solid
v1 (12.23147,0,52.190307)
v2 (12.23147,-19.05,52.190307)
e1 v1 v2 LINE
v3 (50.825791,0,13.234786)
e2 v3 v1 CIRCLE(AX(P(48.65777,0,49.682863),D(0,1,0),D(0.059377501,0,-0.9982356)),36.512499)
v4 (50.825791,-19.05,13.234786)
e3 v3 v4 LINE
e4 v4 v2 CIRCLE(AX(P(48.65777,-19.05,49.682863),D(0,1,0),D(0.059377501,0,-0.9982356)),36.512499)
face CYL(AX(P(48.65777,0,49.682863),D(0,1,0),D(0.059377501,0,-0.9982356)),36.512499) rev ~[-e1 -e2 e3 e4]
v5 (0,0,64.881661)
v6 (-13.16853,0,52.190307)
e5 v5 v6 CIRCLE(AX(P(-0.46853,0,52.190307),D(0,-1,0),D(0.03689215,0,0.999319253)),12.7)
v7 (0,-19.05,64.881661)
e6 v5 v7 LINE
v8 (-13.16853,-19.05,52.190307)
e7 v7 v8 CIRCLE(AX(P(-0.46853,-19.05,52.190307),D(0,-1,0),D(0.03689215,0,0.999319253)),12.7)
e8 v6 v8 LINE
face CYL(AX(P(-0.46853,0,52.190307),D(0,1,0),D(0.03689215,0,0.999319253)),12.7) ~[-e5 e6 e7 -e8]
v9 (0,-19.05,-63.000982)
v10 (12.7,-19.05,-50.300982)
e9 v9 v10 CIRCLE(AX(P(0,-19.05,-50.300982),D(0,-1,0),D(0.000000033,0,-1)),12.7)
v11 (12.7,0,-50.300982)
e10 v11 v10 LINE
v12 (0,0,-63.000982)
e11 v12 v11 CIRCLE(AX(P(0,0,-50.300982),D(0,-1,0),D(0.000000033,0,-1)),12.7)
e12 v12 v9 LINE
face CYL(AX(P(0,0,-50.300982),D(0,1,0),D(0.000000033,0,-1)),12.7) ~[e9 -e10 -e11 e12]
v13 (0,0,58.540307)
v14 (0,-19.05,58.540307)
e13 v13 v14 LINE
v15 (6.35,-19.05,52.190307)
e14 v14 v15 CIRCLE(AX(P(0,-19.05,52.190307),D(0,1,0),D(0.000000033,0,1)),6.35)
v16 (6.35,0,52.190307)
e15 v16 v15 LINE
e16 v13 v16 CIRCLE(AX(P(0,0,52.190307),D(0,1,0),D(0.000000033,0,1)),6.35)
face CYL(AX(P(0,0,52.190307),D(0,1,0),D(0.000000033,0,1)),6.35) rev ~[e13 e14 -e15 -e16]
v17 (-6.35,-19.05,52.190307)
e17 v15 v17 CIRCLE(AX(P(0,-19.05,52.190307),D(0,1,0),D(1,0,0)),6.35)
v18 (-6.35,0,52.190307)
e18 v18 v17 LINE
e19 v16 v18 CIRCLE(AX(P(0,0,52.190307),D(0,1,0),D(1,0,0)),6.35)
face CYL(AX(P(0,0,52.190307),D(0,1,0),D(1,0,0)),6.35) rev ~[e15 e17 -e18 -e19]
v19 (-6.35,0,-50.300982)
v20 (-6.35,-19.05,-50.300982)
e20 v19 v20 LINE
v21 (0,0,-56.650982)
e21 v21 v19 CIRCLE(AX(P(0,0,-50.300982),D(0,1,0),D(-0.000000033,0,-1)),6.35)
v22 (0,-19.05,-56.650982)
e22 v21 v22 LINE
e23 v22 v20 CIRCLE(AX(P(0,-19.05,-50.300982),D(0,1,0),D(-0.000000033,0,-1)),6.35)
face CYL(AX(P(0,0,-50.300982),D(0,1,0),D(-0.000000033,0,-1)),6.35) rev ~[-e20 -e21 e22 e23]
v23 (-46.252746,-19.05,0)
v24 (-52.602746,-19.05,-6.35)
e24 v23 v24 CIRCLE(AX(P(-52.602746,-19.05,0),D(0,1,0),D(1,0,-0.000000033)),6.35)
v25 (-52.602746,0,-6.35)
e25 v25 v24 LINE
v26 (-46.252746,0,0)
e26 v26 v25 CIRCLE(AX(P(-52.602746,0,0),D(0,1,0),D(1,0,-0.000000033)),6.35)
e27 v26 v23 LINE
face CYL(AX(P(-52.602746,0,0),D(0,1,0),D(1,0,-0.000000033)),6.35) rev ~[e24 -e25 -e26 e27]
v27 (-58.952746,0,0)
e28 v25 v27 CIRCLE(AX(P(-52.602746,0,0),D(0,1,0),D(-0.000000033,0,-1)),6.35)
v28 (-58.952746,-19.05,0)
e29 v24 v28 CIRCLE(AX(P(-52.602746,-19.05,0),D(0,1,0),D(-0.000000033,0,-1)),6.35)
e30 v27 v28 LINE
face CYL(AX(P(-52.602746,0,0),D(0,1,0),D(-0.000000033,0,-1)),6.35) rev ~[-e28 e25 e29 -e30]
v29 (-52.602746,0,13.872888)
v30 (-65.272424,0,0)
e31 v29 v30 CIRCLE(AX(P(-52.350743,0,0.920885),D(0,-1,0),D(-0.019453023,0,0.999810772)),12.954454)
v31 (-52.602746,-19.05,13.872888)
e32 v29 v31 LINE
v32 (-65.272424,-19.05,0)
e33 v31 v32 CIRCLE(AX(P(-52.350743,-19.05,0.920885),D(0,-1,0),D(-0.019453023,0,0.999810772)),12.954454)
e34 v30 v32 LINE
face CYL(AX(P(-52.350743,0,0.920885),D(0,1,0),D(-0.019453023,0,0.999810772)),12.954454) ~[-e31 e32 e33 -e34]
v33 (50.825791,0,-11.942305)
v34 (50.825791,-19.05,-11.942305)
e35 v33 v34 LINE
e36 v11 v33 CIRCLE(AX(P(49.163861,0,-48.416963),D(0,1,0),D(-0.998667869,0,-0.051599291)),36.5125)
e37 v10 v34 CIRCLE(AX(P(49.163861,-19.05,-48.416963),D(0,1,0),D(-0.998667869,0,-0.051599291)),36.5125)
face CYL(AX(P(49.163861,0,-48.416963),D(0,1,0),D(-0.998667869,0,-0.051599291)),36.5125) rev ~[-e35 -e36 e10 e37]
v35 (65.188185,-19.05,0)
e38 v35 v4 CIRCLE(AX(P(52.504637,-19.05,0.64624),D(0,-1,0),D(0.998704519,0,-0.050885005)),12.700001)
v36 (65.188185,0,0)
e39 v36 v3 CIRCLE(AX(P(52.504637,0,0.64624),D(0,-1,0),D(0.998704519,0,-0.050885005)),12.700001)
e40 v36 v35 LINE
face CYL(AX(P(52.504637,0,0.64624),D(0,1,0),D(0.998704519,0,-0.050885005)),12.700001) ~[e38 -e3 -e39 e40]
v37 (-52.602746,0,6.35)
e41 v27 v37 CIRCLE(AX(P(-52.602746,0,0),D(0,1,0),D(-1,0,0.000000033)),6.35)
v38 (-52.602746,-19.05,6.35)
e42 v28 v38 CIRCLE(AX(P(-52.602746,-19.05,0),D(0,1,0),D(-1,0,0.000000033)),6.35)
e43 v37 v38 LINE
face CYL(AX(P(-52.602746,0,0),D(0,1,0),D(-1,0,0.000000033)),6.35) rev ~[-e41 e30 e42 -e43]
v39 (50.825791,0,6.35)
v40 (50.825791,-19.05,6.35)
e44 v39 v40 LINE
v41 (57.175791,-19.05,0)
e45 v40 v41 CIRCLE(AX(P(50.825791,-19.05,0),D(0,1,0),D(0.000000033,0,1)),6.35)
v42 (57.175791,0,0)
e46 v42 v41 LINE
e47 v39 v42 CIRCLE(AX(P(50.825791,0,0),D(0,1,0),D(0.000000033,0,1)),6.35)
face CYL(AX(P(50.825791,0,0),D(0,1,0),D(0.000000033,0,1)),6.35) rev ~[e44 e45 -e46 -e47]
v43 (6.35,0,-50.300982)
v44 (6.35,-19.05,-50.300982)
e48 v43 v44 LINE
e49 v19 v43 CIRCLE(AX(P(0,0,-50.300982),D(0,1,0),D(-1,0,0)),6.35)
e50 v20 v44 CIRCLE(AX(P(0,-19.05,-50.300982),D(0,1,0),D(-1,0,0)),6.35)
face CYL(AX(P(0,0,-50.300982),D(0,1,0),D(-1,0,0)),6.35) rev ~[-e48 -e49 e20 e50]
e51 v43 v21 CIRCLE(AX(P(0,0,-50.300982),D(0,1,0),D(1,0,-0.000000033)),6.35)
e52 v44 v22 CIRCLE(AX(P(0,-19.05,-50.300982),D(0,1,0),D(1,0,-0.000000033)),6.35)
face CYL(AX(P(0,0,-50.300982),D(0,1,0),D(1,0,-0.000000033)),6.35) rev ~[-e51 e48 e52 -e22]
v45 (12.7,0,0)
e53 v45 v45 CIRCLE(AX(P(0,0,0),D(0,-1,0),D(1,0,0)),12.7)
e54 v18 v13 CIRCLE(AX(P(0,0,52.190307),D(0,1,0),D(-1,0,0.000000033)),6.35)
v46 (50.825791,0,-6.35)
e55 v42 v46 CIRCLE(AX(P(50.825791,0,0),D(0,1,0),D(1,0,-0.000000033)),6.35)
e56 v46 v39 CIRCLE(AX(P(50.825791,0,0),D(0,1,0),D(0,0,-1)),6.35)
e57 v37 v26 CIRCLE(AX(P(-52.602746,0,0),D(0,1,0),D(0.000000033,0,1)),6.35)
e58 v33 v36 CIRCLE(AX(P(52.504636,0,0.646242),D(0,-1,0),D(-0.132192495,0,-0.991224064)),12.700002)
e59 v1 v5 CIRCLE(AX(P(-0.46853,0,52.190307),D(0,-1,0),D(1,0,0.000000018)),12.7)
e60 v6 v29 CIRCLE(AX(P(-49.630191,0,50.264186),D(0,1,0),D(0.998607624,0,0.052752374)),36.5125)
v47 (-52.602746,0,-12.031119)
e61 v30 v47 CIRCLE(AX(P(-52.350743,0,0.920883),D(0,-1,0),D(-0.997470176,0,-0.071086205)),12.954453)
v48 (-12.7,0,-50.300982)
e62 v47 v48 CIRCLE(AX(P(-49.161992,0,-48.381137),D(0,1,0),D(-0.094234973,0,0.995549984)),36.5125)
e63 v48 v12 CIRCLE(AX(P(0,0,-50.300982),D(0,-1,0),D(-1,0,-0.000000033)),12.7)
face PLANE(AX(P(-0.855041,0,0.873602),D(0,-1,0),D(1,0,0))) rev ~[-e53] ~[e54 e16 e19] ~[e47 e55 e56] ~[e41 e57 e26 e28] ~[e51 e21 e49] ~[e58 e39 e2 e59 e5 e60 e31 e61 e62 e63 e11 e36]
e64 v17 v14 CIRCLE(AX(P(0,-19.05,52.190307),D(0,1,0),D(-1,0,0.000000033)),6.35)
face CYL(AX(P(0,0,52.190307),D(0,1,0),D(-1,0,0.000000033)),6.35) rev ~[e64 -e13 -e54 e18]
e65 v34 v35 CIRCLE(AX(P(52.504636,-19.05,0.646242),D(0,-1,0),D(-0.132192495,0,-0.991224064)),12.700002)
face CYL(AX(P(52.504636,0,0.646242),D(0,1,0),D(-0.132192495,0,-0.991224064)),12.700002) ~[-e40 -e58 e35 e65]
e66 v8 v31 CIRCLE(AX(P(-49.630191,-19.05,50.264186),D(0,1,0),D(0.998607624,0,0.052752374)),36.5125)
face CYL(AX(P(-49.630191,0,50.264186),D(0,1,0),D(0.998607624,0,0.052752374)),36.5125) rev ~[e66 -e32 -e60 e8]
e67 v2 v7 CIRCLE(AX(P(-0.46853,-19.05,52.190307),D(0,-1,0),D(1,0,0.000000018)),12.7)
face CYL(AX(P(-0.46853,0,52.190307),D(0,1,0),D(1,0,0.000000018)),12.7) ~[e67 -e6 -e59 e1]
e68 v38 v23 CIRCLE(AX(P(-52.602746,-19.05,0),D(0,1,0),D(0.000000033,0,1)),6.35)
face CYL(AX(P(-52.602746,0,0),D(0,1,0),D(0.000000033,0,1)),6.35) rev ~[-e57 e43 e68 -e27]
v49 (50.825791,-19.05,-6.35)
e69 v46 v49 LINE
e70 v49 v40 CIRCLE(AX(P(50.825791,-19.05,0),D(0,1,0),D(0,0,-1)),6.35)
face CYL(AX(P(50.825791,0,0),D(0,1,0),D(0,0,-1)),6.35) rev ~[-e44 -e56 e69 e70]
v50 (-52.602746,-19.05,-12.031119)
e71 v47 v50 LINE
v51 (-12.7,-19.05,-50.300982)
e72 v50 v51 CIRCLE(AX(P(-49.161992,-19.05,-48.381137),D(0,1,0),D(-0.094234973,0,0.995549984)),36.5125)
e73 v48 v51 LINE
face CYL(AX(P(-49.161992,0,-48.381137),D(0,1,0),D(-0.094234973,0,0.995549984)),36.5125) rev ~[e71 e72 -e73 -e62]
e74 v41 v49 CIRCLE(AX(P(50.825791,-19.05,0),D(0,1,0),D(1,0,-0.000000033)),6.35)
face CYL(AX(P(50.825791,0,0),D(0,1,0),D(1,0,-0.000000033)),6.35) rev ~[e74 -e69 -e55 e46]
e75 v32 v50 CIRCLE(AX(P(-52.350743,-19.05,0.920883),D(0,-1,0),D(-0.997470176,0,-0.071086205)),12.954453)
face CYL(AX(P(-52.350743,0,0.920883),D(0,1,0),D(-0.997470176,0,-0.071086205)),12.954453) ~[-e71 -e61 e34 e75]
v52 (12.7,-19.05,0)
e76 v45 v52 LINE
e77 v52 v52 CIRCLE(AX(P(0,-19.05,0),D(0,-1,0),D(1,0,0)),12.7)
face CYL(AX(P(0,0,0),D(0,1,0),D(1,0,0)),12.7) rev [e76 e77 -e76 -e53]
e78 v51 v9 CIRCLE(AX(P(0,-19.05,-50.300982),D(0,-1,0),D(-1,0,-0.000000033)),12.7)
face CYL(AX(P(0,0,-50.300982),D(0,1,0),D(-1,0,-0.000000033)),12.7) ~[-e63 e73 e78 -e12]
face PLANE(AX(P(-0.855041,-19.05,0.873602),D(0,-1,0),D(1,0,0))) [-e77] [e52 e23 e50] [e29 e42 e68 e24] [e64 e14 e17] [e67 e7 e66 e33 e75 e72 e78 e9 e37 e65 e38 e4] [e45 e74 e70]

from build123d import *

# Parameters (mm, degrees)
F0_R     = 12.7
F1_DEPTH = 19.05


with BuildPart() as f1:
    # F0 (on Front) → F1 (new body)
    with BuildSketch(Plane.XZ):
        with BuildLine():
            Line((12.23147, 52.190307), (6.35, 52.190307))
            ThreePointArc((6.35, 52.190307), (0, 45.840307), (-6.35, 52.190307))
            Line((-6.35, 52.190307), (-13.16853, 52.190307))
            ThreePointArc((-13.16853, 52.190307), (-24.185423, 24.077807), (-52.602746, 13.872888))
            Line((-52.602746, 13.872888), (-52.602746, 6.35))
            ThreePointArc((-52.602746, 6.35), (-48.112618, 4.490128), (-46.252746, 0))
            ThreePointArc((-46.252746, 0), (-48.112618, -4.490128), (-52.602746, -6.35))
            Line((-52.602746, -6.35), (-52.602746, -12.031119))
            ThreePointArc((-52.602746, -12.031119), (-23.888564, -22.029354), (-12.7, -50.300982))
            Line((-12.7, -50.300982), (-6.35, -50.300982))
            ThreePointArc((-6.35, -50.300982), (0, -43.950982), (6.35, -50.300982))
            Line((6.35, -50.300982), (12.7, -50.300982))
            ThreePointArc((12.7, -50.300982), (23.267131, -22.677459), (50.825791, -11.942305))
            Line((50.825791, -11.942305), (50.825791, -6.35))
            ThreePointArc((50.825791, -6.35), (44.475791, 0), (50.825791, 6.35))
            Line((50.825791, 6.35), (50.825791, 13.234786))
            ThreePointArc((50.825791, 13.234786), (22.719563, 23.985158), (12.23147, 52.190307))
        make_face()
        Circle(F0_R, mode=Mode.SUBTRACT)
        with BuildLine():
            ThreePointArc((0, 58.540307), (4.490128, 56.680435), (6.35, 52.190307))
            Line((6.35, 52.190307), (12.23147, 52.190307))
            ThreePointArc((12.23147, 52.190307), (8.675876, 61.003356), (0, 64.881661))
            Line((0, 64.881661), (0, 58.540307))
        make_face()
        with BuildLine():
            ThreePointArc((-6.35, 52.190307), (-4.490128, 56.680435), (0, 58.540307))
            Line((0, 58.540307), (0, 64.881661))
            ThreePointArc((0, 64.881661), (-9.281579, 61.334713), (-13.16853, 52.190307))
            Line((-13.16853, 52.190307), (-6.35, 52.190307))
        make_face()
        with BuildLine():
            ThreePointArc((65.188185, 0), (61.110783, 9.985633), (50.825791, 13.234786))
            Line((50.825791, 13.234786), (50.825791, 6.35))
            ThreePointArc((50.825791, 6.35), (55.315919, 4.490128), (57.175791, 0))
            Line((57.175791, 0), (65.188185, 0))
        make_face()
        with BuildLine():
            Line((-52.602746, 6.35), (-52.602746, 13.872888))
            ThreePointArc((-52.602746, 13.872888), (-61.916345, 9.656853), (-65.272424, 0))
            Line((-65.272424, 0), (-58.952746, 0))
            ThreePointArc((-58.952746, 0), (-57.092874, 4.490128), (-52.602746, 6.35))
        make_face()
        with BuildLine():
            ThreePointArc((50.825791, -11.942305), (60.624398, -9.118977), (65.188185, 0))
            Line((65.188185, 0), (57.175791, 0))
            ThreePointArc((57.175791, 0), (55.315919, -4.490128), (50.825791, -6.35))
            Line((50.825791, -6.35), (50.825791, -11.942305))
        make_face()
        with BuildLine():
            Line((-58.952746, 0), (-65.272424, 0))
            ThreePointArc((-65.272424, 0), (-61.271138, -8.472967), (-52.602746, -12.031119))
            Line((-52.602746, -12.031119), (-52.602746, -6.35))
            ThreePointArc((-52.602746, -6.35), (-57.092874, -4.490128), (-58.952746, 0))
        make_face()
        with BuildLine():
            ThreePointArc((0, -63.000982), (8.980256, -59.281238), (12.7, -50.300982))
            Line((12.7, -50.300982), (6.35, -50.300982))
            ThreePointArc((6.35, -50.300982), (4.490128, -54.79111), (0, -56.650982))
            Line((0, -56.650982), (0, -63.000982))
        make_face()
        with BuildLine():
            Line((-6.35, -50.300982), (-12.7, -50.300982))
            ThreePointArc((-12.7, -50.300982), (-8.980256, -59.281238), (0, -63.000982))
            Line((0, -63.000982), (0, -56.650982))
            ThreePointArc((0, -56.650982), (-4.490128, -54.79111), (-6.35, -50.300982))
        make_face()
    extrude(amount=F1_DEPTH)


solid = f1.part
